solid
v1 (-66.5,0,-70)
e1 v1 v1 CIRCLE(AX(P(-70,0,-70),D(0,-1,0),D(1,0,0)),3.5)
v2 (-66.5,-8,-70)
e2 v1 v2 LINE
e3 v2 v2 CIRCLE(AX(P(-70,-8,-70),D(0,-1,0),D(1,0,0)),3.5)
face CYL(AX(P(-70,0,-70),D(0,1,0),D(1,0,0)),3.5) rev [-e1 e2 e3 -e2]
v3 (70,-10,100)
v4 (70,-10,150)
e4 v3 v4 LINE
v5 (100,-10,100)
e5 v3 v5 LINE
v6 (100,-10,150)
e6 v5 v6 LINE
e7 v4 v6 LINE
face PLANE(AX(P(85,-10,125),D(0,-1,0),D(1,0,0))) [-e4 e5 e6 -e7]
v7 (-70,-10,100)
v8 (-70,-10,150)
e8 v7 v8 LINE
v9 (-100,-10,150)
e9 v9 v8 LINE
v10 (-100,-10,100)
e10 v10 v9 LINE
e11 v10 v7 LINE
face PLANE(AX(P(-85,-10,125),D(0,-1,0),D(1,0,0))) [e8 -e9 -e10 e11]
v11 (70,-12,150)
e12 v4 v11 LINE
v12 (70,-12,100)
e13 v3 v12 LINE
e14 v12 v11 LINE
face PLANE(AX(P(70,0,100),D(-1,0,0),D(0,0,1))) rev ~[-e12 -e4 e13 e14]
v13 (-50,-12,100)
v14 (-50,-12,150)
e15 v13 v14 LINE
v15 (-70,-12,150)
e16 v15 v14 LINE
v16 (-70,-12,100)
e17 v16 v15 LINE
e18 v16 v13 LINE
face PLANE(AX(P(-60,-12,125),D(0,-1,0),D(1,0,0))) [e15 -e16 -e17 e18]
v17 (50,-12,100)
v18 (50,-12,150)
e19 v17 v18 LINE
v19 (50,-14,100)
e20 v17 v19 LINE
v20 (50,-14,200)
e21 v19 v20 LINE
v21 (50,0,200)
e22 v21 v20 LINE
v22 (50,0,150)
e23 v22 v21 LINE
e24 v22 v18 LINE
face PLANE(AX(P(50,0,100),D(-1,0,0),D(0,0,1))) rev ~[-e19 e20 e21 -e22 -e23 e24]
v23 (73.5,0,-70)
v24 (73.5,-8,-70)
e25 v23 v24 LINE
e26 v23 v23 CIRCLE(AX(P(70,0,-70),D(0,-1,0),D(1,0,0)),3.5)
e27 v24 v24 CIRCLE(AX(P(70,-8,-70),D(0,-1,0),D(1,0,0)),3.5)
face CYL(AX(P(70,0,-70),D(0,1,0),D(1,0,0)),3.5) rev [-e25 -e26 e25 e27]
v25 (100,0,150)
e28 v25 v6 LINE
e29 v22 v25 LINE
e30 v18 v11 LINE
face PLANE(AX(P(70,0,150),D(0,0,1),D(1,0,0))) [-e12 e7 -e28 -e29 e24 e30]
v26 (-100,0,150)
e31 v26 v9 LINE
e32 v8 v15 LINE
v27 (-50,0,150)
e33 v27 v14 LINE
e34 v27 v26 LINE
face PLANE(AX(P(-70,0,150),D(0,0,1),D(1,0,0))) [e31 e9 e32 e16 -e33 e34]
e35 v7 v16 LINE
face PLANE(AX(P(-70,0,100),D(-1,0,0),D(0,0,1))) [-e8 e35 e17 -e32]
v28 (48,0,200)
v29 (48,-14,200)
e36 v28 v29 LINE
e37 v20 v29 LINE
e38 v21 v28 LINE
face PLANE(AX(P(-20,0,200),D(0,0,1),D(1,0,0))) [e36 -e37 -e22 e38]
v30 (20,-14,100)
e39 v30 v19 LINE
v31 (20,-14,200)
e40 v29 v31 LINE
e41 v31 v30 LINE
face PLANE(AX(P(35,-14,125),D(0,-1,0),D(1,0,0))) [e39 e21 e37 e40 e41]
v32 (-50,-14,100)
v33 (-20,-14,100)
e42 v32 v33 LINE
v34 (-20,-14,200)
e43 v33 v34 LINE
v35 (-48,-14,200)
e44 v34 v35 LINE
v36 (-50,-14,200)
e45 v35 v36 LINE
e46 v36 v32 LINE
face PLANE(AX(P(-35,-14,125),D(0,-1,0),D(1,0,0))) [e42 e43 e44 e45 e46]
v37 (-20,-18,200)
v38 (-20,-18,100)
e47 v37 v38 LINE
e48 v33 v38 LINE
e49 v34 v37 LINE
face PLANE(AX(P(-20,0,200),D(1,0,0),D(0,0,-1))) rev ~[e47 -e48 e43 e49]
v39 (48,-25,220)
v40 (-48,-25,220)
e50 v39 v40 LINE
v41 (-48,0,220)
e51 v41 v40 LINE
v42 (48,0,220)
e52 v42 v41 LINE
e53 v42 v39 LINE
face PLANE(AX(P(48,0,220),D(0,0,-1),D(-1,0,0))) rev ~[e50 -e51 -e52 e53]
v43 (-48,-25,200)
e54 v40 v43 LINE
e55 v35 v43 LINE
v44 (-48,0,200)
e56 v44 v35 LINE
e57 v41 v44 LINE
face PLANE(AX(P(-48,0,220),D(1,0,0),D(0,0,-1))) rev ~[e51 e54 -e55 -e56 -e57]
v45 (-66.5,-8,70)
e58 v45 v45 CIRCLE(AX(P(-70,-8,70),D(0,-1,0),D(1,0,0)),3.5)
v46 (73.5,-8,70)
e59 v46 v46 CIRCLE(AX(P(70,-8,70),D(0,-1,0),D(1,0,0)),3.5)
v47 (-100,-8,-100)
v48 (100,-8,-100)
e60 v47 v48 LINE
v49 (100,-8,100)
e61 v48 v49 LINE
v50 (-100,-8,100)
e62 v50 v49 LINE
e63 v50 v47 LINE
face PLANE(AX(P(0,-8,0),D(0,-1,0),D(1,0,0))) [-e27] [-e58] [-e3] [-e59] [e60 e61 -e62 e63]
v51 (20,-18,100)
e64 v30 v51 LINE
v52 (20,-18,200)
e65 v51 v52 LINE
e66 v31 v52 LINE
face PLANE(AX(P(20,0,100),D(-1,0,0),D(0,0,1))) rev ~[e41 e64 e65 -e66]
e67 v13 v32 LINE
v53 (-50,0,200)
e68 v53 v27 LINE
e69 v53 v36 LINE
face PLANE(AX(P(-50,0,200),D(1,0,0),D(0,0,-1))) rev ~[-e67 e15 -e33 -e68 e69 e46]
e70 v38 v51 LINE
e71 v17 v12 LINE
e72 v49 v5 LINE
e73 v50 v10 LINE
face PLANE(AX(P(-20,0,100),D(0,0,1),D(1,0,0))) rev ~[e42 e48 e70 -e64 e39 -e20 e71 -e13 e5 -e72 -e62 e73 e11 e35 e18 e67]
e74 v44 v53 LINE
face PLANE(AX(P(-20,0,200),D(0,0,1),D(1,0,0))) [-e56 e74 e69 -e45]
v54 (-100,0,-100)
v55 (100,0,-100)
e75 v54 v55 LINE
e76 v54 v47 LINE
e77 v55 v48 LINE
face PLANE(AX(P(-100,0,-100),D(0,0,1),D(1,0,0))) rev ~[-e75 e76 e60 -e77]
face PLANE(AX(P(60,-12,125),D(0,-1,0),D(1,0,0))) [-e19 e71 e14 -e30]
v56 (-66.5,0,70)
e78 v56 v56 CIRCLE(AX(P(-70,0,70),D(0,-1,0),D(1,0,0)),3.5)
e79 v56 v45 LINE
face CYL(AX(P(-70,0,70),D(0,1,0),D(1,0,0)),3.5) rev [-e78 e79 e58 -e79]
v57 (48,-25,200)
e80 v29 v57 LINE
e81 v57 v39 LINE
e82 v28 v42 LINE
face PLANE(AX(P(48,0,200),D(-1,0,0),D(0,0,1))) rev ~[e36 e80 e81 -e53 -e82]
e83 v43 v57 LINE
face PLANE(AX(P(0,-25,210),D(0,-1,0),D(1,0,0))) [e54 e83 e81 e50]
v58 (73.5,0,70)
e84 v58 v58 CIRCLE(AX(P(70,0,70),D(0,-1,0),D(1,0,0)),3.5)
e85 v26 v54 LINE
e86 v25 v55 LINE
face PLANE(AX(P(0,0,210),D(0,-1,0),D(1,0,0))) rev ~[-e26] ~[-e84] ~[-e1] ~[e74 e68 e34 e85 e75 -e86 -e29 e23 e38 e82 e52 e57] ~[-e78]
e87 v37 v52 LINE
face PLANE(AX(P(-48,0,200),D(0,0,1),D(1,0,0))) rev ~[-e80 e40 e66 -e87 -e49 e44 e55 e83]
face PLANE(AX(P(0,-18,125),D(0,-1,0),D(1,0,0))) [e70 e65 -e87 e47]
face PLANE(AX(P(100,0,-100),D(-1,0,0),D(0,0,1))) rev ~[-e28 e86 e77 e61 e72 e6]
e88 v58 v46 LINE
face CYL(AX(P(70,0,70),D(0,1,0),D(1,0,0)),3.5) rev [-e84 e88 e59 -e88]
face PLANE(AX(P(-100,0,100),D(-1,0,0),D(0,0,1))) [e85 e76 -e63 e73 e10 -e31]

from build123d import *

# Parameters (mm, degrees)
F0_R     = 3.5
F1_DEPTH = 8
F0_W     = 30
F0_H     = 50
F2_DEPTH = 10
F0_W_2   = 20
F3_DEPTH = 12
F4_DEPTH = 14
F0_W_3   = 40
F5_DEPTH = 18
F6_DEPTH = 25


with BuildPart() as f1:
    # F0 (on Front) → F1 (new body)
    with BuildSketch(Plane.XZ):
        Polygon((-70, 100), (-100, 100), (-100, -100), (100, -100), (100, 100), (70, 100), (50, 100), (20, 100), (-20, 100), (-50, 100), align=None)
        with Locations((-70, -70)):
            Circle(F0_R, mode=Mode.SUBTRACT)
        with Locations((70, -70)):
            Circle(F0_R, mode=Mode.SUBTRACT)
        with Locations((-70, 70)):
            Circle(F0_R, mode=Mode.SUBTRACT)
        with Locations((70, 70)):
            Circle(F0_R, mode=Mode.SUBTRACT)
    extrude(amount=F1_DEPTH)

    # F0 (on Front) → F2 (join)
    with BuildSketch(Plane.XZ):
        with Locations((-85, 125)):
            Rectangle(F0_W, F0_H)
        with Locations((85, 125)):
            Rectangle(F0_W, F0_H)
    extrude(amount=F2_DEPTH)

    # F0 (on Front) → F3 (join)
    with BuildSketch(Plane.XZ):
        with Locations((-60, 125)):
            Rectangle(F0_W_2, F0_H)
        with Locations((60, 125)):
            Rectangle(F0_W_2, F0_H)
    extrude(amount=F3_DEPTH)

    # F0 (on Front) → F4 (join)
    with BuildSketch(Plane.XZ):
        with Locations((-35, 125)):
            Rectangle(F0_W, F0_H)
        with Locations((35, 125)):
            Rectangle(F0_W, F0_H)
        Polygon((-50, 200), (-50, 150), (-20, 150), (-20, 200), (-48, 200), align=None)
        Polygon((20, 200), (20, 150), (50, 150), (50, 200), (48, 200), align=None)
    extrude(amount=F4_DEPTH)

    # F0 (on Front) → F5 (join)
    with BuildSketch(Plane.XZ):
        with Locations((0, 125)):
            Rectangle(F0_W_3, F0_H)
        with Locations((0, 175)):
            Rectangle(F0_W_3, F0_H)
    extrude(amount=F5_DEPTH)

    # F0 (on Front) → F6 (join)
    with BuildSketch(Plane.XZ):
        Polygon((-48, 200), (-20, 200), (20, 200), (48, 200), (48, 220), (-48, 220), align=None)
    extrude(amount=F6_DEPTH)


solid = f1.part
